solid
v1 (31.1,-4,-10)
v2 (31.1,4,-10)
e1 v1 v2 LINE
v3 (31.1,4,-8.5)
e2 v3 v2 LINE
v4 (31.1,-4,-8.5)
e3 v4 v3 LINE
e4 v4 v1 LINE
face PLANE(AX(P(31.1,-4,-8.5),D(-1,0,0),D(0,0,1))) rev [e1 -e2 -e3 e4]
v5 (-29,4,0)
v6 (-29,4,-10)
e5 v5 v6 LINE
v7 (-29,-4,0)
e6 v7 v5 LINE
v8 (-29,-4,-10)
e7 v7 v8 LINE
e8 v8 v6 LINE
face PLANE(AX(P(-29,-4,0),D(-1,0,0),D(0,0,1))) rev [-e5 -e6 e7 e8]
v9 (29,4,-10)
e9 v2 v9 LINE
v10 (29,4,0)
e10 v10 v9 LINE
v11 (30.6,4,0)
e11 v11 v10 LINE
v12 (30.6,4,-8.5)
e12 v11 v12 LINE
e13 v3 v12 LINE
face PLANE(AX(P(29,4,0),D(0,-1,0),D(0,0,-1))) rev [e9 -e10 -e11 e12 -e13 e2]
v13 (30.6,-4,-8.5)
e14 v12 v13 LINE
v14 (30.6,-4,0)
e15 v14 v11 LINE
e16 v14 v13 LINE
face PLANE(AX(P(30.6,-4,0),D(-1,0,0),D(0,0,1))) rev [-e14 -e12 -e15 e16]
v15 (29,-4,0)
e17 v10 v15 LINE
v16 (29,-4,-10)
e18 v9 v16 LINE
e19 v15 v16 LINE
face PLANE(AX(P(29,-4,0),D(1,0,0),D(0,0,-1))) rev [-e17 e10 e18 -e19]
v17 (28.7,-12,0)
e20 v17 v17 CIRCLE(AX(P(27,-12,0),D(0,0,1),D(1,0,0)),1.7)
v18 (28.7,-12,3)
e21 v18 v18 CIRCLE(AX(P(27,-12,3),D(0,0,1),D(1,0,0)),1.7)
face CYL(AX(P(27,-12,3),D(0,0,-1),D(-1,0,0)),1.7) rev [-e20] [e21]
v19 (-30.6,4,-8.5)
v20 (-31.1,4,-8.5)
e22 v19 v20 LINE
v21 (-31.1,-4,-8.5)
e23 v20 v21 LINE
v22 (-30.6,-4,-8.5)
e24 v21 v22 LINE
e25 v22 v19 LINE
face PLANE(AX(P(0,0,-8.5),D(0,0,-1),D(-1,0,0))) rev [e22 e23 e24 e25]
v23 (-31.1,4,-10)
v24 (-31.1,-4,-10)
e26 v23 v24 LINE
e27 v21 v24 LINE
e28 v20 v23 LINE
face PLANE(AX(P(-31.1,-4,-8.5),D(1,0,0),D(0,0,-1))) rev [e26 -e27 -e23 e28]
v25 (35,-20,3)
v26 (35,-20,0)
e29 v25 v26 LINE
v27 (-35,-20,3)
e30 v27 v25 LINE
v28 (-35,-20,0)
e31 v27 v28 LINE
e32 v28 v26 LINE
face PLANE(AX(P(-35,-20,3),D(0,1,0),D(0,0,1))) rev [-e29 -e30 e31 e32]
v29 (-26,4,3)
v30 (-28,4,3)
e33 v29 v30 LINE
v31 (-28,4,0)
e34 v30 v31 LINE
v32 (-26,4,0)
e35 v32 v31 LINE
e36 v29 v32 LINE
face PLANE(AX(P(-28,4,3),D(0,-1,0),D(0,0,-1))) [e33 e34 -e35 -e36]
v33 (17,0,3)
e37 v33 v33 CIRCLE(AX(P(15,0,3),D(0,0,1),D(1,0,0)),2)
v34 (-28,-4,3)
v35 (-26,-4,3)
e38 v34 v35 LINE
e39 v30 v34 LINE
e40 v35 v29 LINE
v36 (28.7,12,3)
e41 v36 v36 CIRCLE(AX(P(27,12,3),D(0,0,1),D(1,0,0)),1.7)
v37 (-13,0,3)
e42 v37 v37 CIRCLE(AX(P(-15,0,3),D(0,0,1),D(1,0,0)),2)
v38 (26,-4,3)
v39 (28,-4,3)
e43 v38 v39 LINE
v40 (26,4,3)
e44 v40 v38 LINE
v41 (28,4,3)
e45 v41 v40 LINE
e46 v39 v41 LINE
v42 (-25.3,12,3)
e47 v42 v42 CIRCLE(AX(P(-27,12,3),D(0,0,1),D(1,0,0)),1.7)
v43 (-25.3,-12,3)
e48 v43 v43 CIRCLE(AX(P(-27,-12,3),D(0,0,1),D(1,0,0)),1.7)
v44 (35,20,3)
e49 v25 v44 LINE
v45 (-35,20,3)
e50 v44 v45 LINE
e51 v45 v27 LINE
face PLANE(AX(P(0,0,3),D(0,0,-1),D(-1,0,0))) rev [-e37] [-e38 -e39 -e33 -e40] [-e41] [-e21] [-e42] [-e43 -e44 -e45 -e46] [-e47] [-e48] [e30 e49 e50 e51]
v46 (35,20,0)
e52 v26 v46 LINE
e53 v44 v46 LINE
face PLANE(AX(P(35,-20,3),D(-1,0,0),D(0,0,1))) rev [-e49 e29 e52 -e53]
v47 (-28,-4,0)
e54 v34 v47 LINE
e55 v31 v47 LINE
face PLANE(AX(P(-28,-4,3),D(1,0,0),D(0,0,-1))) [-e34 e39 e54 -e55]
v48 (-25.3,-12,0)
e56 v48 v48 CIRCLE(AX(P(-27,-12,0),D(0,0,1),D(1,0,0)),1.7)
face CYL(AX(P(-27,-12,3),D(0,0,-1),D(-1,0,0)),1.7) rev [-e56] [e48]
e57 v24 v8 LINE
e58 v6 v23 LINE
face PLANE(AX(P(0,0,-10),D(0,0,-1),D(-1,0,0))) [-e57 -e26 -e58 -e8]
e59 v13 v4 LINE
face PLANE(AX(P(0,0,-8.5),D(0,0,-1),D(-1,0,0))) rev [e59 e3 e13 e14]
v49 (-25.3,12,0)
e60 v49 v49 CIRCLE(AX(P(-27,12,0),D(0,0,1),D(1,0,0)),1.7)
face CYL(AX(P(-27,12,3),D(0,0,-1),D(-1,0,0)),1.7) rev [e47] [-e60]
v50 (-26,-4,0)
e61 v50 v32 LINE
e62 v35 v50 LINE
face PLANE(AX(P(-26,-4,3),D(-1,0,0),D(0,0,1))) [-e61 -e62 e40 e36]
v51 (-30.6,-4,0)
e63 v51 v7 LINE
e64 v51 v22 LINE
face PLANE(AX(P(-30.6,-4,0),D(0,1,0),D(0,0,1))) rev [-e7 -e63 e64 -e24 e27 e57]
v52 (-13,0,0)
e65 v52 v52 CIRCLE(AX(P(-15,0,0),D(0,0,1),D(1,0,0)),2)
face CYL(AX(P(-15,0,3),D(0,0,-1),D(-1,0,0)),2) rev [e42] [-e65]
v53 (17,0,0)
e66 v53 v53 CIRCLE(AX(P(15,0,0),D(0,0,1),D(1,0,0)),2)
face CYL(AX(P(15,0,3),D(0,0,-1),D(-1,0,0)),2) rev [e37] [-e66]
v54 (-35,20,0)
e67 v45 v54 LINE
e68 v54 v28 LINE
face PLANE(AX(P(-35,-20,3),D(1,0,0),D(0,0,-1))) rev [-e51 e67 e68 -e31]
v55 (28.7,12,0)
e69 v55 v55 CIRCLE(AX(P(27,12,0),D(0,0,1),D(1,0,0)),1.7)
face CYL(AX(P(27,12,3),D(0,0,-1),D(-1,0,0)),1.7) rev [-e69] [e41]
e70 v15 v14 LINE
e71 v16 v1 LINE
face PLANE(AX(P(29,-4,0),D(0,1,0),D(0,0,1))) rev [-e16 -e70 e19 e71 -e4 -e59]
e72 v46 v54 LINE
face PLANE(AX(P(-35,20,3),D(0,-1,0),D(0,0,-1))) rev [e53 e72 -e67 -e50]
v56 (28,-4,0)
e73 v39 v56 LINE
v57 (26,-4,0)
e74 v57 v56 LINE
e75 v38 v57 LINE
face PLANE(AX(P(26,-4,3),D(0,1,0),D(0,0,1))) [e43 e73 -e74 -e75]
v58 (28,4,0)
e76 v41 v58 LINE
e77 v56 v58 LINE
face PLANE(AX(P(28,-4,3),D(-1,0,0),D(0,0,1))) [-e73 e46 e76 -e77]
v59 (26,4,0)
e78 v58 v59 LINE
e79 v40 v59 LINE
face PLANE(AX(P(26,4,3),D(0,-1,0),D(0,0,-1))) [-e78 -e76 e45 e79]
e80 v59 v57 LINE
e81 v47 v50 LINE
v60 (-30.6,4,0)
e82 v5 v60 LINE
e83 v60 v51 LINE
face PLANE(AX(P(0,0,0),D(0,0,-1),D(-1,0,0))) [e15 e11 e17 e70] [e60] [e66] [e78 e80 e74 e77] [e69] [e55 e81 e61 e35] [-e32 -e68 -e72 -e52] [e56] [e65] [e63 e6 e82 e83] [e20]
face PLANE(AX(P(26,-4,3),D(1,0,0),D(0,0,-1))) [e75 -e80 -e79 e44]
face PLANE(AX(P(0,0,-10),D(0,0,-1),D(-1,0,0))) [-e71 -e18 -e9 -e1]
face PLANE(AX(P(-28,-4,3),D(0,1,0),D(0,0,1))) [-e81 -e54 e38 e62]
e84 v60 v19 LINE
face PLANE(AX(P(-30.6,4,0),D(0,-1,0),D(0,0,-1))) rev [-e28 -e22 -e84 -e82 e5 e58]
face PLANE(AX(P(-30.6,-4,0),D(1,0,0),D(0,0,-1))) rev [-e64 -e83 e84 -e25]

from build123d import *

# Parameters (mm, degrees)
SKETCH2_W                 = 70
SKETCH2_H                 = 40
LID_PLATE_DEPTH           = 3
SKETCH3_R                 = 2
PORT_BORE_DEPTH           = 3
SKETCH4_R                 = 2
CUT_EXTRUDE2_DEPTH        = 3
SKETCH5_R                 = 1.7
SCREW_CLEARANCE_DEPTH     = 3
SKETCH6_R                 = 1.7
CUT_EXTRUDE4_DEPTH        = 3
SKETCH7_R                 = 1.7
CUT_EXTRUDE5_DEPTH        = 3
SKETCH8_R                 = 1.7
CUT_EXTRUDE6_DEPTH        = 3
SNAP_BEAM_START           = -10
SKETCH9_W                 = 1.6
SKETCH9_H                 = 8
SNAP_BEAM_DEPTH           = 10
SNAP_HOOK_START           = -10
SKETCH10_W                = 0.5
SKETCH10_H                = 8
SNAP_HOOK_DEPTH           = 1.5
SKETCH11_W                = 2
SKETCH11_H                = 8
SNAP_RELEASE_ACCESS_DEPTH = 3
BOSS_EXTRUDE4_START       = -10
SKETCH12_W                = 1.6
SKETCH12_H                = 8
BOSS_EXTRUDE4_DEPTH       = 10
BOSS_EXTRUDE5_START       = -10
SKETCH13_W                = 0.5
SKETCH13_H                = 8
BOSS_EXTRUDE5_DEPTH       = 1.5
SKETCH14_W                = 2
SKETCH14_H                = 8
CUT_EXTRUDE8_DEPTH        = 3


with BuildPart() as part:
    # Sketch2 → Lid_plate (new body)
    with BuildSketch(Plane.XY):
        Rectangle(SKETCH2_W, SKETCH2_H)
    extrude(amount=LID_PLATE_DEPTH)

    # Sketch3 → Port_bore (cut)
    with BuildSketch(Plane.XY):
        with Locations((-15, 0)):
            Circle(SKETCH3_R)
    extrude(amount=PORT_BORE_DEPTH, mode=Mode.SUBTRACT)

    # Sketch4 → Cut-Extrude2 (cut)
    with BuildSketch(Plane.XY):
        with Locations((15, 0)):
            Circle(SKETCH4_R)
    extrude(amount=CUT_EXTRUDE2_DEPTH, mode=Mode.SUBTRACT)

    # Sketch5 → Screw_clearance (cut)
    with BuildSketch(Plane.XY):
        with Locations((-27, -12)):
            Circle(SKETCH5_R)
    extrude(amount=SCREW_CLEARANCE_DEPTH, mode=Mode.SUBTRACT)

    # Sketch6 → Cut-Extrude4 (cut)
    with BuildSketch(Plane.XY):
        with Locations((-27, 12)):
            Circle(SKETCH6_R)
    extrude(amount=CUT_EXTRUDE4_DEPTH, mode=Mode.SUBTRACT)

    # Sketch7 → Cut-Extrude5 (cut)
    with BuildSketch(Plane.XY):
        with Locations((27, -12)):
            Circle(SKETCH7_R)
    extrude(amount=CUT_EXTRUDE5_DEPTH, mode=Mode.SUBTRACT)

    # Sketch8 → Cut-Extrude6 (cut)
    with BuildSketch(Plane.XY):
        with Locations((27, 12)):
            Circle(SKETCH8_R)
    extrude(amount=CUT_EXTRUDE6_DEPTH, mode=Mode.SUBTRACT)

    # Sketch9 → Snap_beam (add)
    with BuildSketch(Plane.XY.offset(SNAP_BEAM_START)):
        with Locations((-29.8, 0)):
            Rectangle(SKETCH9_W, SKETCH9_H)
    extrude(amount=SNAP_BEAM_DEPTH)

    # Sketch10 → Snap_hook (add)
    with BuildSketch(Plane.XY.offset(SNAP_HOOK_START)):
        with Locations((-30.85, 0)):
            Rectangle(SKETCH10_W, SKETCH10_H)
    extrude(amount=SNAP_HOOK_DEPTH)

    # Sketch11 → Snap_release_access (cut)
    with BuildSketch(Plane.XY):
        with Locations((-27, 0)):
            Rectangle(SKETCH11_W, SKETCH11_H)
    extrude(amount=SNAP_RELEASE_ACCESS_DEPTH, mode=Mode.SUBTRACT)

    # Sketch12 → Boss-Extrude4 (add)
    with BuildSketch(Plane.XY.offset(BOSS_EXTRUDE4_START)):
        with Locations((29.8, 0)):
            Rectangle(SKETCH12_W, SKETCH12_H)
    extrude(amount=BOSS_EXTRUDE4_DEPTH)

    # Sketch13 → Boss-Extrude5 (add)
    with BuildSketch(Plane.XY.offset(BOSS_EXTRUDE5_START)):
        with Locations((30.85, 0)):
            Rectangle(SKETCH13_W, SKETCH13_H)
    extrude(amount=BOSS_EXTRUDE5_DEPTH)

    # Sketch14 → Cut-Extrude8 (cut)
    with BuildSketch(Plane.XY):
        with Locations((27, 0)):
            Rectangle(SKETCH14_W, SKETCH14_H)
    extrude(amount=CUT_EXTRUDE8_DEPTH, mode=Mode.SUBTRACT)


solid = part.part
